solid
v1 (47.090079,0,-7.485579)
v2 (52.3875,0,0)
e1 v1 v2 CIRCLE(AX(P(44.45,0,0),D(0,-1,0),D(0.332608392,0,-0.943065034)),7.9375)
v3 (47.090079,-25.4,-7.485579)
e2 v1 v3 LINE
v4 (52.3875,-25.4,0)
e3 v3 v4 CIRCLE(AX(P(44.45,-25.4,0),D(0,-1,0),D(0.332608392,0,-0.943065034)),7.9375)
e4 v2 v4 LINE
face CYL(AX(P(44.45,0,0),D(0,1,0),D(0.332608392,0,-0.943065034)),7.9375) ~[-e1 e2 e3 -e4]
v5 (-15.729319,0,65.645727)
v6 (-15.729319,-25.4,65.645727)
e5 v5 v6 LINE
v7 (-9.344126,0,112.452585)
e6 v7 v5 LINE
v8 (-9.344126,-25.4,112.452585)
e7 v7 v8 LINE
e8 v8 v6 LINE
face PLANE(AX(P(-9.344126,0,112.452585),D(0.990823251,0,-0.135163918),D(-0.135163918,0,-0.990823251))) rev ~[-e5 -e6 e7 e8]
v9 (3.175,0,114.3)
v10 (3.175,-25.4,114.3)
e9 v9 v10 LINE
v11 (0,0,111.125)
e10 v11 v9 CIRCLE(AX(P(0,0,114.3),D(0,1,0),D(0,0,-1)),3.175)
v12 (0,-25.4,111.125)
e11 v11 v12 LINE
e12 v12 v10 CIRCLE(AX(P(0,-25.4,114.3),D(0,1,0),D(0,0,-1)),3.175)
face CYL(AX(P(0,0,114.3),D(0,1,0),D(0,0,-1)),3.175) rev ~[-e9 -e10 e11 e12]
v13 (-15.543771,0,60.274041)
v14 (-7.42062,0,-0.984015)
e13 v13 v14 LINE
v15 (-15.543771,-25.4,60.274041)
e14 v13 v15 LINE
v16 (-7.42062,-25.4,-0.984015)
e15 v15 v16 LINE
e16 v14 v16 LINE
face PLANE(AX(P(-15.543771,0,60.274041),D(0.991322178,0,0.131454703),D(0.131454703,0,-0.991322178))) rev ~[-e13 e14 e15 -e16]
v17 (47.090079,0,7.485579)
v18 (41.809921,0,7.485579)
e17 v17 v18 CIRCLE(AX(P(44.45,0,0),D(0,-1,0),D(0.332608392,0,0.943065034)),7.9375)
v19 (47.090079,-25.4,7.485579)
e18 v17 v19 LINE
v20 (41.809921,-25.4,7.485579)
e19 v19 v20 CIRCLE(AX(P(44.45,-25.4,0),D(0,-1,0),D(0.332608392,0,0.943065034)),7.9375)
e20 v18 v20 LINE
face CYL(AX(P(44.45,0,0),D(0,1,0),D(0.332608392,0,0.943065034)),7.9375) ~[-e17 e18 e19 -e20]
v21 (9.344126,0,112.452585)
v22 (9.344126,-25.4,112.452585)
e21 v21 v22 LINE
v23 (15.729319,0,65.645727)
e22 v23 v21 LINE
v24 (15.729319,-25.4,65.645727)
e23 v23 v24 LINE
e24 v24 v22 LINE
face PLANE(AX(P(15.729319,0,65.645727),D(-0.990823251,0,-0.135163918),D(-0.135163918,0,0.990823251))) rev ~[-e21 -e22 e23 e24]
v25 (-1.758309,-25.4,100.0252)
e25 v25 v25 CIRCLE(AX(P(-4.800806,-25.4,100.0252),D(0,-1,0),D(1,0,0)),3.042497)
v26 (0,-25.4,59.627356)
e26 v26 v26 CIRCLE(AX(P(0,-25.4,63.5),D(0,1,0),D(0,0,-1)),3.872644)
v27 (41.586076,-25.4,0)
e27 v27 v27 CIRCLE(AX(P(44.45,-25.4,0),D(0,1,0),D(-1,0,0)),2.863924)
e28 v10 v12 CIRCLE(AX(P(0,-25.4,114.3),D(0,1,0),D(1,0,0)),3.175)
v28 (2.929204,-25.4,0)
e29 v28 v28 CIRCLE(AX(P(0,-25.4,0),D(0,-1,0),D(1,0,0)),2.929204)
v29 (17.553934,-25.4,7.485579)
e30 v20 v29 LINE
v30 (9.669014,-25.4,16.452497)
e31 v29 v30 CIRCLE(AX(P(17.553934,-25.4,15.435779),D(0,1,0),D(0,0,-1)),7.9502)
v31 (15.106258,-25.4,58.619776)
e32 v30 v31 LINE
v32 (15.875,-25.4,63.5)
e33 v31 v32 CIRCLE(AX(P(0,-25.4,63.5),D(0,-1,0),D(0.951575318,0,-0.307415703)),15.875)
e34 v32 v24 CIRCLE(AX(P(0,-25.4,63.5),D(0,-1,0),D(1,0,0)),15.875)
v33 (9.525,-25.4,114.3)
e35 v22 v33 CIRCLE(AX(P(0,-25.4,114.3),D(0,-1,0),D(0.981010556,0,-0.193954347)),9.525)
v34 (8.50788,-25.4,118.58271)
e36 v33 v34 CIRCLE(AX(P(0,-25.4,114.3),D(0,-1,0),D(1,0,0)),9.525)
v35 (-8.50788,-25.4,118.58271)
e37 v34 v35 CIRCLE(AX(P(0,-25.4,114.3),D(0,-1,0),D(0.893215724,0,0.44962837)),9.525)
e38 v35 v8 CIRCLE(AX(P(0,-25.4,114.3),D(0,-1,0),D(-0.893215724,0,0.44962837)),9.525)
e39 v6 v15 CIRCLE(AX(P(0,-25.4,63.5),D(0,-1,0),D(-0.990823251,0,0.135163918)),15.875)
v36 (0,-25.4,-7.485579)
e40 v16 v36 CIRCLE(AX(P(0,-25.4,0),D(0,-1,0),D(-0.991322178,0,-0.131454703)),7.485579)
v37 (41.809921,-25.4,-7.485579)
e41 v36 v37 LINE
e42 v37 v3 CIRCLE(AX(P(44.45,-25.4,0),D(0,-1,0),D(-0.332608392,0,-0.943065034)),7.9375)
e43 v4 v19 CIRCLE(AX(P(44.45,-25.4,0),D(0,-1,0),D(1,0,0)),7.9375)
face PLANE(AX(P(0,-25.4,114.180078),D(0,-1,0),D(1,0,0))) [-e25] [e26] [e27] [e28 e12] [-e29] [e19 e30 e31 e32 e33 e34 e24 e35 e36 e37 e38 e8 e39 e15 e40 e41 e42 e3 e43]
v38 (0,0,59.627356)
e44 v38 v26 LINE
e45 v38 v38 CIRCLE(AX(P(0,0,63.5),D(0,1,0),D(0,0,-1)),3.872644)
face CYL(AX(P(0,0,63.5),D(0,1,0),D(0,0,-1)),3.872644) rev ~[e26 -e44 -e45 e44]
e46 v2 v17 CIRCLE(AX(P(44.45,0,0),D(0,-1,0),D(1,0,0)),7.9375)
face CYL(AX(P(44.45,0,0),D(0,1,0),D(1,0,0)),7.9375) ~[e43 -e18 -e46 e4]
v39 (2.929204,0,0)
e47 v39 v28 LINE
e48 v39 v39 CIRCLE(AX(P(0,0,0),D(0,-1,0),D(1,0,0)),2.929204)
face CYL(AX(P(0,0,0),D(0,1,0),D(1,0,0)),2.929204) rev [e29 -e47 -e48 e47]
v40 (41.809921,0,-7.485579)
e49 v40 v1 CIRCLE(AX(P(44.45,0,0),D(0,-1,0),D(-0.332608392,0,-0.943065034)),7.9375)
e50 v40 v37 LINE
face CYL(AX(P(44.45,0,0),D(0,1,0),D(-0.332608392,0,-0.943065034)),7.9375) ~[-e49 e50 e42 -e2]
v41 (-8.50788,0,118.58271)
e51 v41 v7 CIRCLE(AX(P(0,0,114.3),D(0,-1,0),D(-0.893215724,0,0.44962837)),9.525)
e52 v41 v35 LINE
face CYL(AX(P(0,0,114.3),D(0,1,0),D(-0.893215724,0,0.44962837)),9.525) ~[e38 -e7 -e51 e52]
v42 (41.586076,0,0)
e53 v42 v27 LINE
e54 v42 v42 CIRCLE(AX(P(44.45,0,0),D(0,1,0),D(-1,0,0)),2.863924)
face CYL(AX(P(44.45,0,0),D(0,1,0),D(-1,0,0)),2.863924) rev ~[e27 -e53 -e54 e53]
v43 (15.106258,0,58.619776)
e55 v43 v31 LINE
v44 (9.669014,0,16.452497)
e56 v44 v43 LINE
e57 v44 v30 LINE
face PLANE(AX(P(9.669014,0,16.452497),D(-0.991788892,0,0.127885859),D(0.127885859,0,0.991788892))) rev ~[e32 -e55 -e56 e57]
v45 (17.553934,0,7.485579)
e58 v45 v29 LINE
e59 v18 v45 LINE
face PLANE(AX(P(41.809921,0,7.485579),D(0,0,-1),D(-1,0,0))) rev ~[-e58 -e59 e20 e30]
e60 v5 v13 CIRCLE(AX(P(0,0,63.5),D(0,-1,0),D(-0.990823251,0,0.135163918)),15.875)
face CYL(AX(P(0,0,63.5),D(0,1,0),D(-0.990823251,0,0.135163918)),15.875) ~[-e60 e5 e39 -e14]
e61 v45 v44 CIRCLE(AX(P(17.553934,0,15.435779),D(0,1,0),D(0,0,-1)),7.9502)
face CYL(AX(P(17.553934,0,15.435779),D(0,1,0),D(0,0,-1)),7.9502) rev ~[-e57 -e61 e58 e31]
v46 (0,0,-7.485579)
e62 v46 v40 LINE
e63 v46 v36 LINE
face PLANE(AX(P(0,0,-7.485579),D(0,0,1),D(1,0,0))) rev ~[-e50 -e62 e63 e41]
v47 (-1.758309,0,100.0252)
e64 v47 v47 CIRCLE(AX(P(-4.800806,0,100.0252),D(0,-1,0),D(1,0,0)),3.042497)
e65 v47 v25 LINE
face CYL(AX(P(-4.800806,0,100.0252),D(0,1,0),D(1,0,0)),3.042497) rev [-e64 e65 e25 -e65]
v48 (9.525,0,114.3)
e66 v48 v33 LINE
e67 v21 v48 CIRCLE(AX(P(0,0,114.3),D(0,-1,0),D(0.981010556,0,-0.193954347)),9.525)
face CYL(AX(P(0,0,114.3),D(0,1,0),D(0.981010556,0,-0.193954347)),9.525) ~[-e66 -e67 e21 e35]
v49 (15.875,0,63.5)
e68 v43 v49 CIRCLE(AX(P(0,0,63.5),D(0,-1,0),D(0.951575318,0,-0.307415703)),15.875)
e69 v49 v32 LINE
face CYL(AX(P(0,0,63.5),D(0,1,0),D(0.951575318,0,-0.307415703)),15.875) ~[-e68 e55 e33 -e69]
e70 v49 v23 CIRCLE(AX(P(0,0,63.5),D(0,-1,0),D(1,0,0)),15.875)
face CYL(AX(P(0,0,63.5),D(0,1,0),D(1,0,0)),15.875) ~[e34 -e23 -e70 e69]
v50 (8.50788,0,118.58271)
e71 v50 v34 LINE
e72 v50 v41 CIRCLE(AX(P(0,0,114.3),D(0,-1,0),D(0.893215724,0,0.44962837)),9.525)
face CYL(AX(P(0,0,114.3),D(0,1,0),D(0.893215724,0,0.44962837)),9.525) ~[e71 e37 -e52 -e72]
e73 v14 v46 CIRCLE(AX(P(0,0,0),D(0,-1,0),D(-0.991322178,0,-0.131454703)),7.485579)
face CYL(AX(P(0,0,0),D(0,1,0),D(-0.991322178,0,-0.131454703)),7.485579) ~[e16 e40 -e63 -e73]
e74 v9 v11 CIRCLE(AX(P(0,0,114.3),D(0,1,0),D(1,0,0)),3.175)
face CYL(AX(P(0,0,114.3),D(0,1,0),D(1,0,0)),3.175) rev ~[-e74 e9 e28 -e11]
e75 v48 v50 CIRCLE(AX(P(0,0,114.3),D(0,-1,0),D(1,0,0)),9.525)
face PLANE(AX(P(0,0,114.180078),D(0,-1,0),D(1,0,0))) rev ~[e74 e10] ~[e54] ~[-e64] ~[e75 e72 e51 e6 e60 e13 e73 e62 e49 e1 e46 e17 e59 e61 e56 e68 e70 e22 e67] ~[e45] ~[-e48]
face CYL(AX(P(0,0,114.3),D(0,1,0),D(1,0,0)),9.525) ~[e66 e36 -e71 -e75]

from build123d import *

# Parameters (mm, degrees)
F0_R     = 3.0424971204
F0_R_2   = 2.9292036199
F1_DEPTH = 25.4
F2_DEPTH = 25.4


with BuildPart() as f1:
    # F0 (on Front) → F1 (new body)
    with BuildSketch(Plane.XZ):
        with BuildLine():
            ThreePointArc((-9.3441255469, 112.4525848425), (-6.0468585077, 106.9405756212), (0, 104.775))
            ThreePointArc((0, 104.775), (6.0468585077, 106.9405756212), (9.3441255469, 112.4525848425))
            Line((9.3441255469, 112.4525848425), (8.5078797675, 118.5827102238))
            ThreePointArc((8.5078797675, 118.5827102238), (0, 123.825), (-8.5078797675, 118.5827102238))
            Line((-8.5078797675, 118.5827102238), (-9.3441255469, 112.4525848425))
        make_face()
        with BuildLine():
            ThreePointArc((3.175, 114.3), (2.2450640303, 112.0549359697), (0, 111.125))
            ThreePointArc((0, 111.125), (-2.2450640303, 116.5450640303), (3.175, 114.3))
        make_face(mode=Mode.SUBTRACT)
        with BuildLine():
            ThreePointArc((9.3441255469, 112.4525848425), (6.0468585077, 106.9405756212), (0, 104.775))
            Line((0, 104.775), (0, 79.375))
            ThreePointArc((0, 79.375), (10.4391619832, 75.4599131304), (15.7293191148, 65.6457271922))
            Line((15.7293191148, 65.6457271922), (9.3441255469, 112.4525848425))
        make_face()
        with BuildLine():
            Line((0, 79.375), (0, 104.775))
            ThreePointArc((0, 104.775), (-6.0468585077, 106.9405756212), (-9.3441255469, 112.4525848425))
            Line((-9.3441255469, 112.4525848425), (-15.7293191148, 65.6457271922))
            ThreePointArc((-15.7293191148, 65.6457271922), (-10.4391619832, 75.4599131304), (0, 79.375))
        make_face()
        with Locations((-4.8008062877, 100.0252)):
            Circle(F0_R, mode=Mode.SUBTRACT)
        with BuildLine():
            ThreePointArc((15.7293191148, 65.6457271922), (10.4391619832, 75.4599131304), (0, 79.375))
            Line((0, 79.375), (0, 67.372643786))
            ThreePointArc((0, 67.372643786), (2.7383726822, 66.2383726822), (3.872643786, 63.5))
            ThreePointArc((3.872643786, 63.5), (2.7383726822, 60.7616273178), (0, 59.627356214))
            Line((0, 59.627356214), (0, 47.625))
            ThreePointArc((0, 47.625), (9.3418966112, 50.664712987), (15.1062581732, 58.619775722))
            ThreePointArc((15.1062581732, 58.619775722), (15.6816369283, 61.0297999575), (15.875, 63.5))
            ThreePointArc((15.875, 63.5), (15.8385379052, 64.5753334487), (15.7293191148, 65.6457271922))
        make_face()
        with BuildLine():
            Line((0, 67.372643786), (0, 79.375))
            ThreePointArc((0, 79.375), (-10.4391619832, 75.4599131304), (-15.7293191148, 65.6457271922))
            ThreePointArc((-15.7293191148, 65.6457271922), (-15.8655379037, 62.9519744291), (-15.5437709654, 60.2740413558))
            ThreePointArc((-15.5437709654, 60.2740413558), (-10.0200681516, 51.1868420282), (0, 47.625))
            Line((0, 47.625), (0, 59.627356214))
            ThreePointArc((0, 59.627356214), (-3.872643786, 63.5), (0, 67.372643786))
        make_face()
        with BuildLine():
            ThreePointArc((-8.5078797675, 118.5827102238), (-9.4375914689, 115.5874363153), (-9.3441255469, 112.4525848425))
            Line((-9.3441255469, 112.4525848425), (-8.5078797675, 118.5827102238))
        make_face()
        with BuildLine():
            Line((8.5078797675, 118.5827102238), (9.3441255469, 112.4525848425))
            ThreePointArc((9.3441255469, 112.4525848425), (9.4796735396, 113.3718757718), (9.525, 114.3))
            ThreePointArc((9.525, 114.3), (9.2672320513, 116.5009168788), (8.5078797675, 118.5827102238))
        make_face()
        with BuildLine():
            ThreePointArc((0, 47.625), (-10.0200681516, 51.1868420282), (-15.5437709654, 60.2740413558))
            Line((-15.5437709654, 60.2740413558), (-7.420620187, -0.9840145232))
            ThreePointArc((-7.420620187, -0.9840145232), (-5.6302667211, 4.9329489345), (0, 7.4855787045))
            Line((0, 7.4855787045), (0, 47.625))
        make_face()
        with BuildLine():
            ThreePointArc((15.1062581732, 58.619775722), (9.3418966112, 50.664712987), (0, 47.625))
            Line((0, 47.625), (0, 7.4855787045))
            ThreePointArc((0, 7.4855787045), (5.2931034631, 5.2931034631), (7.4855787045, 0))
            Line((7.4855787045, 0), (36.5125, 0))
            ThreePointArc((36.5125, 0), (37.9708204922, 4.5852087364), (41.8099208897, 7.4855787045))
            Line((41.8099208897, 7.4855787045), (17.5539337581, 7.4855787045))
            ThreePointArc((17.5539337581, 7.4855787045), (11.5836409382, 10.1858945453), (9.6690137055, 16.4524968587))
            Line((9.6690137055, 16.4524968587), (15.1062581732, 58.619775722))
        make_face()
        with BuildLine():
            ThreePointArc((0, 7.4855787045), (-5.6302667211, 4.9329489345), (-7.420620187, -0.9840145232))
            ThreePointArc((-7.420620187, -0.9840145232), (-4.9329489345, -5.6302667211), (0, -7.4855787045))
            ThreePointArc((0, -7.4855787045), (5.2931034631, -5.2931034631), (7.4855787045, 0))
            ThreePointArc((7.4855787045, 0), (5.2931034631, 5.2931034631), (0, 7.4855787045))
        make_face()
        Circle(F0_R_2, mode=Mode.SUBTRACT)
        with BuildLine():
            ThreePointArc((7.4855787045, 0), (5.2931034631, -5.2931034631), (0, -7.4855787045))
            Line((0, -7.4855787045), (41.8099208897, -7.4855787045))
            ThreePointArc((41.8099208897, -7.4855787045), (37.9708204922, -4.5852087364), (36.5125, 0))
            Line((36.5125, 0), (7.4855787045, 0))
        make_face()
        with BuildLine():
            Line((47.0900791103, -7.4855787045), (41.8099208897, -7.4855787045))
            ThreePointArc((41.8099208897, -7.4855787045), (44.45, -7.9375), (47.0900791103, -7.4855787045))
        make_face()
        with BuildLine():
            ThreePointArc((36.5125, 0), (37.9708204922, -4.5852087364), (41.8099208897, -7.4855787045))
            Line((41.8099208897, -7.4855787045), (47.0900791103, -7.4855787045))
            ThreePointArc((47.0900791103, -7.4855787045), (50.9291795078, -4.5852087364), (52.3875, 0))
            ThreePointArc((52.3875, 0), (50.9291795078, 4.5852087364), (47.0900791103, 7.4855787045))
            Line((47.0900791103, 7.4855787045), (41.8099208897, 7.4855787045))
            ThreePointArc((41.8099208897, 7.4855787045), (37.9708204922, 4.5852087364), (36.5125, 0))
        make_face()
        with BuildLine():
            ThreePointArc((47.3139235661, 0), (44.45, -2.8639235661), (41.5860764339, 0))
            ThreePointArc((41.5860764339, 0), (44.45, 2.8639235661), (47.3139235661, 0))
        make_face(mode=Mode.SUBTRACT)
        with BuildLine():
            ThreePointArc((47.0900791103, 7.4855787045), (44.45, 7.9375), (41.8099208897, 7.4855787045))
            Line((41.8099208897, 7.4855787045), (47.0900791103, 7.4855787045))
        make_face()
    extrude(amount=F1_DEPTH)

    # F0 (on Front) → F2 (join)
    with BuildSketch(Plane.XZ):
        with BuildLine():
            ThreePointArc((-9.3441255469, 112.4525848425), (-6.0468585077, 106.9405756212), (0, 104.775))
            ThreePointArc((0, 104.775), (6.0468585077, 106.9405756212), (9.3441255469, 112.4525848425))
            Line((9.3441255469, 112.4525848425), (8.5078797675, 118.5827102238))
            ThreePointArc((8.5078797675, 118.5827102238), (0, 123.825), (-8.5078797675, 118.5827102238))
            Line((-8.5078797675, 118.5827102238), (-9.3441255469, 112.4525848425))
        make_face()
        with BuildLine():
            ThreePointArc((3.175, 114.3), (2.2450640303, 112.0549359697), (0, 111.125))
            ThreePointArc((0, 111.125), (-2.2450640303, 116.5450640303), (3.175, 114.3))
        make_face(mode=Mode.SUBTRACT)
        with BuildLine():
            ThreePointArc((9.3441255469, 112.4525848425), (6.0468585077, 106.9405756212), (0, 104.775))
            Line((0, 104.775), (0, 79.375))
            ThreePointArc((0, 79.375), (10.4391619832, 75.4599131304), (15.7293191148, 65.6457271922))
            Line((15.7293191148, 65.6457271922), (9.3441255469, 112.4525848425))
        make_face()
        with BuildLine():
            Line((0, 79.375), (0, 104.775))
            ThreePointArc((0, 104.775), (-6.0468585077, 106.9405756212), (-9.3441255469, 112.4525848425))
            Line((-9.3441255469, 112.4525848425), (-15.7293191148, 65.6457271922))
            ThreePointArc((-15.7293191148, 65.6457271922), (-10.4391619832, 75.4599131304), (0, 79.375))
        make_face()
        with Locations((-4.8008062877, 100.0252)):
            Circle(F0_R, mode=Mode.SUBTRACT)
        with BuildLine():
            ThreePointArc((15.7293191148, 65.6457271922), (10.4391619832, 75.4599131304), (0, 79.375))
            Line((0, 79.375), (0, 67.372643786))
            ThreePointArc((0, 67.372643786), (2.7383726822, 66.2383726822), (3.872643786, 63.5))
            ThreePointArc((3.872643786, 63.5), (2.7383726822, 60.7616273178), (0, 59.627356214))
            Line((0, 59.627356214), (0, 47.625))
            ThreePointArc((0, 47.625), (9.3418966112, 50.664712987), (15.1062581732, 58.619775722))
            ThreePointArc((15.1062581732, 58.619775722), (15.6816369283, 61.0297999575), (15.875, 63.5))
            ThreePointArc((15.875, 63.5), (15.8385379052, 64.5753334487), (15.7293191148, 65.6457271922))
        make_face()
        with BuildLine():
            Line((0, 67.372643786), (0, 79.375))
            ThreePointArc((0, 79.375), (-10.4391619832, 75.4599131304), (-15.7293191148, 65.6457271922))
            ThreePointArc((-15.7293191148, 65.6457271922), (-15.8655379037, 62.9519744291), (-15.5437709654, 60.2740413558))
            ThreePointArc((-15.5437709654, 60.2740413558), (-10.0200681516, 51.1868420282), (0, 47.625))
            Line((0, 47.625), (0, 59.627356214))
            ThreePointArc((0, 59.627356214), (-3.872643786, 63.5), (0, 67.372643786))
        make_face()
        with BuildLine():
            ThreePointArc((-8.5078797675, 118.5827102238), (-9.4375914689, 115.5874363153), (-9.3441255469, 112.4525848425))
            Line((-9.3441255469, 112.4525848425), (-8.5078797675, 118.5827102238))
        make_face()
        with BuildLine():
            Line((8.5078797675, 118.5827102238), (9.3441255469, 112.4525848425))
            ThreePointArc((9.3441255469, 112.4525848425), (9.4796735396, 113.3718757718), (9.525, 114.3))
            ThreePointArc((9.525, 114.3), (9.2672320513, 116.5009168788), (8.5078797675, 118.5827102238))
        make_face()
        with BuildLine():
            ThreePointArc((0, 47.625), (-10.0200681516, 51.1868420282), (-15.5437709654, 60.2740413558))
            Line((-15.5437709654, 60.2740413558), (-7.420620187, -0.9840145232))
            ThreePointArc((-7.420620187, -0.9840145232), (-5.6302667211, 4.9329489345), (0, 7.4855787045))
            Line((0, 7.4855787045), (0, 47.625))
        make_face()
        with BuildLine():
            ThreePointArc((15.1062581732, 58.619775722), (9.3418966112, 50.664712987), (0, 47.625))
            Line((0, 47.625), (0, 7.4855787045))
            ThreePointArc((0, 7.4855787045), (5.2931034631, 5.2931034631), (7.4855787045, 0))
            Line((7.4855787045, 0), (36.5125, 0))
            ThreePointArc((36.5125, 0), (37.9708204922, 4.5852087364), (41.8099208897, 7.4855787045))
            Line((41.8099208897, 7.4855787045), (17.5539337581, 7.4855787045))
            ThreePointArc((17.5539337581, 7.4855787045), (11.5836409382, 10.1858945453), (9.6690137055, 16.4524968587))
            Line((9.6690137055, 16.4524968587), (15.1062581732, 58.619775722))
        make_face()
        with BuildLine():
            ThreePointArc((0, 7.4855787045), (-5.6302667211, 4.9329489345), (-7.420620187, -0.9840145232))
            ThreePointArc((-7.420620187, -0.9840145232), (-4.9329489345, -5.6302667211), (0, -7.4855787045))
            ThreePointArc((0, -7.4855787045), (5.2931034631, -5.2931034631), (7.4855787045, 0))
            ThreePointArc((7.4855787045, 0), (5.2931034631, 5.2931034631), (0, 7.4855787045))
        make_face()
        Circle(F0_R_2, mode=Mode.SUBTRACT)
        with BuildLine():
            ThreePointArc((7.4855787045, 0), (5.2931034631, -5.2931034631), (0, -7.4855787045))
            Line((0, -7.4855787045), (41.8099208897, -7.4855787045))
            ThreePointArc((41.8099208897, -7.4855787045), (37.9708204922, -4.5852087364), (36.5125, 0))
            Line((36.5125, 0), (7.4855787045, 0))
        make_face()
        with BuildLine():
            Line((47.0900791103, -7.4855787045), (41.8099208897, -7.4855787045))
            ThreePointArc((41.8099208897, -7.4855787045), (44.45, -7.9375), (47.0900791103, -7.4855787045))
        make_face()
        with BuildLine():
            ThreePointArc((36.5125, 0), (37.9708204922, -4.5852087364), (41.8099208897, -7.4855787045))
            Line((41.8099208897, -7.4855787045), (47.0900791103, -7.4855787045))
            ThreePointArc((47.0900791103, -7.4855787045), (50.9291795078, -4.5852087364), (52.3875, 0))
            ThreePointArc((52.3875, 0), (50.9291795078, 4.5852087364), (47.0900791103, 7.4855787045))
            Line((47.0900791103, 7.4855787045), (41.8099208897, 7.4855787045))
            ThreePointArc((41.8099208897, 7.4855787045), (37.9708204922, 4.5852087364), (36.5125, 0))
        make_face()
        with BuildLine():
            ThreePointArc((47.3139235661, 0), (44.45, -2.8639235661), (41.5860764339, 0))
            ThreePointArc((41.5860764339, 0), (44.45, 2.8639235661), (47.3139235661, 0))
        make_face(mode=Mode.SUBTRACT)
        with BuildLine():
            ThreePointArc((47.0900791103, 7.4855787045), (44.45, 7.9375), (41.8099208897, 7.4855787045))
            Line((41.8099208897, 7.4855787045), (47.0900791103, 7.4855787045))
        make_face()
    extrude(amount=F2_DEPTH)


solid = f1.part
